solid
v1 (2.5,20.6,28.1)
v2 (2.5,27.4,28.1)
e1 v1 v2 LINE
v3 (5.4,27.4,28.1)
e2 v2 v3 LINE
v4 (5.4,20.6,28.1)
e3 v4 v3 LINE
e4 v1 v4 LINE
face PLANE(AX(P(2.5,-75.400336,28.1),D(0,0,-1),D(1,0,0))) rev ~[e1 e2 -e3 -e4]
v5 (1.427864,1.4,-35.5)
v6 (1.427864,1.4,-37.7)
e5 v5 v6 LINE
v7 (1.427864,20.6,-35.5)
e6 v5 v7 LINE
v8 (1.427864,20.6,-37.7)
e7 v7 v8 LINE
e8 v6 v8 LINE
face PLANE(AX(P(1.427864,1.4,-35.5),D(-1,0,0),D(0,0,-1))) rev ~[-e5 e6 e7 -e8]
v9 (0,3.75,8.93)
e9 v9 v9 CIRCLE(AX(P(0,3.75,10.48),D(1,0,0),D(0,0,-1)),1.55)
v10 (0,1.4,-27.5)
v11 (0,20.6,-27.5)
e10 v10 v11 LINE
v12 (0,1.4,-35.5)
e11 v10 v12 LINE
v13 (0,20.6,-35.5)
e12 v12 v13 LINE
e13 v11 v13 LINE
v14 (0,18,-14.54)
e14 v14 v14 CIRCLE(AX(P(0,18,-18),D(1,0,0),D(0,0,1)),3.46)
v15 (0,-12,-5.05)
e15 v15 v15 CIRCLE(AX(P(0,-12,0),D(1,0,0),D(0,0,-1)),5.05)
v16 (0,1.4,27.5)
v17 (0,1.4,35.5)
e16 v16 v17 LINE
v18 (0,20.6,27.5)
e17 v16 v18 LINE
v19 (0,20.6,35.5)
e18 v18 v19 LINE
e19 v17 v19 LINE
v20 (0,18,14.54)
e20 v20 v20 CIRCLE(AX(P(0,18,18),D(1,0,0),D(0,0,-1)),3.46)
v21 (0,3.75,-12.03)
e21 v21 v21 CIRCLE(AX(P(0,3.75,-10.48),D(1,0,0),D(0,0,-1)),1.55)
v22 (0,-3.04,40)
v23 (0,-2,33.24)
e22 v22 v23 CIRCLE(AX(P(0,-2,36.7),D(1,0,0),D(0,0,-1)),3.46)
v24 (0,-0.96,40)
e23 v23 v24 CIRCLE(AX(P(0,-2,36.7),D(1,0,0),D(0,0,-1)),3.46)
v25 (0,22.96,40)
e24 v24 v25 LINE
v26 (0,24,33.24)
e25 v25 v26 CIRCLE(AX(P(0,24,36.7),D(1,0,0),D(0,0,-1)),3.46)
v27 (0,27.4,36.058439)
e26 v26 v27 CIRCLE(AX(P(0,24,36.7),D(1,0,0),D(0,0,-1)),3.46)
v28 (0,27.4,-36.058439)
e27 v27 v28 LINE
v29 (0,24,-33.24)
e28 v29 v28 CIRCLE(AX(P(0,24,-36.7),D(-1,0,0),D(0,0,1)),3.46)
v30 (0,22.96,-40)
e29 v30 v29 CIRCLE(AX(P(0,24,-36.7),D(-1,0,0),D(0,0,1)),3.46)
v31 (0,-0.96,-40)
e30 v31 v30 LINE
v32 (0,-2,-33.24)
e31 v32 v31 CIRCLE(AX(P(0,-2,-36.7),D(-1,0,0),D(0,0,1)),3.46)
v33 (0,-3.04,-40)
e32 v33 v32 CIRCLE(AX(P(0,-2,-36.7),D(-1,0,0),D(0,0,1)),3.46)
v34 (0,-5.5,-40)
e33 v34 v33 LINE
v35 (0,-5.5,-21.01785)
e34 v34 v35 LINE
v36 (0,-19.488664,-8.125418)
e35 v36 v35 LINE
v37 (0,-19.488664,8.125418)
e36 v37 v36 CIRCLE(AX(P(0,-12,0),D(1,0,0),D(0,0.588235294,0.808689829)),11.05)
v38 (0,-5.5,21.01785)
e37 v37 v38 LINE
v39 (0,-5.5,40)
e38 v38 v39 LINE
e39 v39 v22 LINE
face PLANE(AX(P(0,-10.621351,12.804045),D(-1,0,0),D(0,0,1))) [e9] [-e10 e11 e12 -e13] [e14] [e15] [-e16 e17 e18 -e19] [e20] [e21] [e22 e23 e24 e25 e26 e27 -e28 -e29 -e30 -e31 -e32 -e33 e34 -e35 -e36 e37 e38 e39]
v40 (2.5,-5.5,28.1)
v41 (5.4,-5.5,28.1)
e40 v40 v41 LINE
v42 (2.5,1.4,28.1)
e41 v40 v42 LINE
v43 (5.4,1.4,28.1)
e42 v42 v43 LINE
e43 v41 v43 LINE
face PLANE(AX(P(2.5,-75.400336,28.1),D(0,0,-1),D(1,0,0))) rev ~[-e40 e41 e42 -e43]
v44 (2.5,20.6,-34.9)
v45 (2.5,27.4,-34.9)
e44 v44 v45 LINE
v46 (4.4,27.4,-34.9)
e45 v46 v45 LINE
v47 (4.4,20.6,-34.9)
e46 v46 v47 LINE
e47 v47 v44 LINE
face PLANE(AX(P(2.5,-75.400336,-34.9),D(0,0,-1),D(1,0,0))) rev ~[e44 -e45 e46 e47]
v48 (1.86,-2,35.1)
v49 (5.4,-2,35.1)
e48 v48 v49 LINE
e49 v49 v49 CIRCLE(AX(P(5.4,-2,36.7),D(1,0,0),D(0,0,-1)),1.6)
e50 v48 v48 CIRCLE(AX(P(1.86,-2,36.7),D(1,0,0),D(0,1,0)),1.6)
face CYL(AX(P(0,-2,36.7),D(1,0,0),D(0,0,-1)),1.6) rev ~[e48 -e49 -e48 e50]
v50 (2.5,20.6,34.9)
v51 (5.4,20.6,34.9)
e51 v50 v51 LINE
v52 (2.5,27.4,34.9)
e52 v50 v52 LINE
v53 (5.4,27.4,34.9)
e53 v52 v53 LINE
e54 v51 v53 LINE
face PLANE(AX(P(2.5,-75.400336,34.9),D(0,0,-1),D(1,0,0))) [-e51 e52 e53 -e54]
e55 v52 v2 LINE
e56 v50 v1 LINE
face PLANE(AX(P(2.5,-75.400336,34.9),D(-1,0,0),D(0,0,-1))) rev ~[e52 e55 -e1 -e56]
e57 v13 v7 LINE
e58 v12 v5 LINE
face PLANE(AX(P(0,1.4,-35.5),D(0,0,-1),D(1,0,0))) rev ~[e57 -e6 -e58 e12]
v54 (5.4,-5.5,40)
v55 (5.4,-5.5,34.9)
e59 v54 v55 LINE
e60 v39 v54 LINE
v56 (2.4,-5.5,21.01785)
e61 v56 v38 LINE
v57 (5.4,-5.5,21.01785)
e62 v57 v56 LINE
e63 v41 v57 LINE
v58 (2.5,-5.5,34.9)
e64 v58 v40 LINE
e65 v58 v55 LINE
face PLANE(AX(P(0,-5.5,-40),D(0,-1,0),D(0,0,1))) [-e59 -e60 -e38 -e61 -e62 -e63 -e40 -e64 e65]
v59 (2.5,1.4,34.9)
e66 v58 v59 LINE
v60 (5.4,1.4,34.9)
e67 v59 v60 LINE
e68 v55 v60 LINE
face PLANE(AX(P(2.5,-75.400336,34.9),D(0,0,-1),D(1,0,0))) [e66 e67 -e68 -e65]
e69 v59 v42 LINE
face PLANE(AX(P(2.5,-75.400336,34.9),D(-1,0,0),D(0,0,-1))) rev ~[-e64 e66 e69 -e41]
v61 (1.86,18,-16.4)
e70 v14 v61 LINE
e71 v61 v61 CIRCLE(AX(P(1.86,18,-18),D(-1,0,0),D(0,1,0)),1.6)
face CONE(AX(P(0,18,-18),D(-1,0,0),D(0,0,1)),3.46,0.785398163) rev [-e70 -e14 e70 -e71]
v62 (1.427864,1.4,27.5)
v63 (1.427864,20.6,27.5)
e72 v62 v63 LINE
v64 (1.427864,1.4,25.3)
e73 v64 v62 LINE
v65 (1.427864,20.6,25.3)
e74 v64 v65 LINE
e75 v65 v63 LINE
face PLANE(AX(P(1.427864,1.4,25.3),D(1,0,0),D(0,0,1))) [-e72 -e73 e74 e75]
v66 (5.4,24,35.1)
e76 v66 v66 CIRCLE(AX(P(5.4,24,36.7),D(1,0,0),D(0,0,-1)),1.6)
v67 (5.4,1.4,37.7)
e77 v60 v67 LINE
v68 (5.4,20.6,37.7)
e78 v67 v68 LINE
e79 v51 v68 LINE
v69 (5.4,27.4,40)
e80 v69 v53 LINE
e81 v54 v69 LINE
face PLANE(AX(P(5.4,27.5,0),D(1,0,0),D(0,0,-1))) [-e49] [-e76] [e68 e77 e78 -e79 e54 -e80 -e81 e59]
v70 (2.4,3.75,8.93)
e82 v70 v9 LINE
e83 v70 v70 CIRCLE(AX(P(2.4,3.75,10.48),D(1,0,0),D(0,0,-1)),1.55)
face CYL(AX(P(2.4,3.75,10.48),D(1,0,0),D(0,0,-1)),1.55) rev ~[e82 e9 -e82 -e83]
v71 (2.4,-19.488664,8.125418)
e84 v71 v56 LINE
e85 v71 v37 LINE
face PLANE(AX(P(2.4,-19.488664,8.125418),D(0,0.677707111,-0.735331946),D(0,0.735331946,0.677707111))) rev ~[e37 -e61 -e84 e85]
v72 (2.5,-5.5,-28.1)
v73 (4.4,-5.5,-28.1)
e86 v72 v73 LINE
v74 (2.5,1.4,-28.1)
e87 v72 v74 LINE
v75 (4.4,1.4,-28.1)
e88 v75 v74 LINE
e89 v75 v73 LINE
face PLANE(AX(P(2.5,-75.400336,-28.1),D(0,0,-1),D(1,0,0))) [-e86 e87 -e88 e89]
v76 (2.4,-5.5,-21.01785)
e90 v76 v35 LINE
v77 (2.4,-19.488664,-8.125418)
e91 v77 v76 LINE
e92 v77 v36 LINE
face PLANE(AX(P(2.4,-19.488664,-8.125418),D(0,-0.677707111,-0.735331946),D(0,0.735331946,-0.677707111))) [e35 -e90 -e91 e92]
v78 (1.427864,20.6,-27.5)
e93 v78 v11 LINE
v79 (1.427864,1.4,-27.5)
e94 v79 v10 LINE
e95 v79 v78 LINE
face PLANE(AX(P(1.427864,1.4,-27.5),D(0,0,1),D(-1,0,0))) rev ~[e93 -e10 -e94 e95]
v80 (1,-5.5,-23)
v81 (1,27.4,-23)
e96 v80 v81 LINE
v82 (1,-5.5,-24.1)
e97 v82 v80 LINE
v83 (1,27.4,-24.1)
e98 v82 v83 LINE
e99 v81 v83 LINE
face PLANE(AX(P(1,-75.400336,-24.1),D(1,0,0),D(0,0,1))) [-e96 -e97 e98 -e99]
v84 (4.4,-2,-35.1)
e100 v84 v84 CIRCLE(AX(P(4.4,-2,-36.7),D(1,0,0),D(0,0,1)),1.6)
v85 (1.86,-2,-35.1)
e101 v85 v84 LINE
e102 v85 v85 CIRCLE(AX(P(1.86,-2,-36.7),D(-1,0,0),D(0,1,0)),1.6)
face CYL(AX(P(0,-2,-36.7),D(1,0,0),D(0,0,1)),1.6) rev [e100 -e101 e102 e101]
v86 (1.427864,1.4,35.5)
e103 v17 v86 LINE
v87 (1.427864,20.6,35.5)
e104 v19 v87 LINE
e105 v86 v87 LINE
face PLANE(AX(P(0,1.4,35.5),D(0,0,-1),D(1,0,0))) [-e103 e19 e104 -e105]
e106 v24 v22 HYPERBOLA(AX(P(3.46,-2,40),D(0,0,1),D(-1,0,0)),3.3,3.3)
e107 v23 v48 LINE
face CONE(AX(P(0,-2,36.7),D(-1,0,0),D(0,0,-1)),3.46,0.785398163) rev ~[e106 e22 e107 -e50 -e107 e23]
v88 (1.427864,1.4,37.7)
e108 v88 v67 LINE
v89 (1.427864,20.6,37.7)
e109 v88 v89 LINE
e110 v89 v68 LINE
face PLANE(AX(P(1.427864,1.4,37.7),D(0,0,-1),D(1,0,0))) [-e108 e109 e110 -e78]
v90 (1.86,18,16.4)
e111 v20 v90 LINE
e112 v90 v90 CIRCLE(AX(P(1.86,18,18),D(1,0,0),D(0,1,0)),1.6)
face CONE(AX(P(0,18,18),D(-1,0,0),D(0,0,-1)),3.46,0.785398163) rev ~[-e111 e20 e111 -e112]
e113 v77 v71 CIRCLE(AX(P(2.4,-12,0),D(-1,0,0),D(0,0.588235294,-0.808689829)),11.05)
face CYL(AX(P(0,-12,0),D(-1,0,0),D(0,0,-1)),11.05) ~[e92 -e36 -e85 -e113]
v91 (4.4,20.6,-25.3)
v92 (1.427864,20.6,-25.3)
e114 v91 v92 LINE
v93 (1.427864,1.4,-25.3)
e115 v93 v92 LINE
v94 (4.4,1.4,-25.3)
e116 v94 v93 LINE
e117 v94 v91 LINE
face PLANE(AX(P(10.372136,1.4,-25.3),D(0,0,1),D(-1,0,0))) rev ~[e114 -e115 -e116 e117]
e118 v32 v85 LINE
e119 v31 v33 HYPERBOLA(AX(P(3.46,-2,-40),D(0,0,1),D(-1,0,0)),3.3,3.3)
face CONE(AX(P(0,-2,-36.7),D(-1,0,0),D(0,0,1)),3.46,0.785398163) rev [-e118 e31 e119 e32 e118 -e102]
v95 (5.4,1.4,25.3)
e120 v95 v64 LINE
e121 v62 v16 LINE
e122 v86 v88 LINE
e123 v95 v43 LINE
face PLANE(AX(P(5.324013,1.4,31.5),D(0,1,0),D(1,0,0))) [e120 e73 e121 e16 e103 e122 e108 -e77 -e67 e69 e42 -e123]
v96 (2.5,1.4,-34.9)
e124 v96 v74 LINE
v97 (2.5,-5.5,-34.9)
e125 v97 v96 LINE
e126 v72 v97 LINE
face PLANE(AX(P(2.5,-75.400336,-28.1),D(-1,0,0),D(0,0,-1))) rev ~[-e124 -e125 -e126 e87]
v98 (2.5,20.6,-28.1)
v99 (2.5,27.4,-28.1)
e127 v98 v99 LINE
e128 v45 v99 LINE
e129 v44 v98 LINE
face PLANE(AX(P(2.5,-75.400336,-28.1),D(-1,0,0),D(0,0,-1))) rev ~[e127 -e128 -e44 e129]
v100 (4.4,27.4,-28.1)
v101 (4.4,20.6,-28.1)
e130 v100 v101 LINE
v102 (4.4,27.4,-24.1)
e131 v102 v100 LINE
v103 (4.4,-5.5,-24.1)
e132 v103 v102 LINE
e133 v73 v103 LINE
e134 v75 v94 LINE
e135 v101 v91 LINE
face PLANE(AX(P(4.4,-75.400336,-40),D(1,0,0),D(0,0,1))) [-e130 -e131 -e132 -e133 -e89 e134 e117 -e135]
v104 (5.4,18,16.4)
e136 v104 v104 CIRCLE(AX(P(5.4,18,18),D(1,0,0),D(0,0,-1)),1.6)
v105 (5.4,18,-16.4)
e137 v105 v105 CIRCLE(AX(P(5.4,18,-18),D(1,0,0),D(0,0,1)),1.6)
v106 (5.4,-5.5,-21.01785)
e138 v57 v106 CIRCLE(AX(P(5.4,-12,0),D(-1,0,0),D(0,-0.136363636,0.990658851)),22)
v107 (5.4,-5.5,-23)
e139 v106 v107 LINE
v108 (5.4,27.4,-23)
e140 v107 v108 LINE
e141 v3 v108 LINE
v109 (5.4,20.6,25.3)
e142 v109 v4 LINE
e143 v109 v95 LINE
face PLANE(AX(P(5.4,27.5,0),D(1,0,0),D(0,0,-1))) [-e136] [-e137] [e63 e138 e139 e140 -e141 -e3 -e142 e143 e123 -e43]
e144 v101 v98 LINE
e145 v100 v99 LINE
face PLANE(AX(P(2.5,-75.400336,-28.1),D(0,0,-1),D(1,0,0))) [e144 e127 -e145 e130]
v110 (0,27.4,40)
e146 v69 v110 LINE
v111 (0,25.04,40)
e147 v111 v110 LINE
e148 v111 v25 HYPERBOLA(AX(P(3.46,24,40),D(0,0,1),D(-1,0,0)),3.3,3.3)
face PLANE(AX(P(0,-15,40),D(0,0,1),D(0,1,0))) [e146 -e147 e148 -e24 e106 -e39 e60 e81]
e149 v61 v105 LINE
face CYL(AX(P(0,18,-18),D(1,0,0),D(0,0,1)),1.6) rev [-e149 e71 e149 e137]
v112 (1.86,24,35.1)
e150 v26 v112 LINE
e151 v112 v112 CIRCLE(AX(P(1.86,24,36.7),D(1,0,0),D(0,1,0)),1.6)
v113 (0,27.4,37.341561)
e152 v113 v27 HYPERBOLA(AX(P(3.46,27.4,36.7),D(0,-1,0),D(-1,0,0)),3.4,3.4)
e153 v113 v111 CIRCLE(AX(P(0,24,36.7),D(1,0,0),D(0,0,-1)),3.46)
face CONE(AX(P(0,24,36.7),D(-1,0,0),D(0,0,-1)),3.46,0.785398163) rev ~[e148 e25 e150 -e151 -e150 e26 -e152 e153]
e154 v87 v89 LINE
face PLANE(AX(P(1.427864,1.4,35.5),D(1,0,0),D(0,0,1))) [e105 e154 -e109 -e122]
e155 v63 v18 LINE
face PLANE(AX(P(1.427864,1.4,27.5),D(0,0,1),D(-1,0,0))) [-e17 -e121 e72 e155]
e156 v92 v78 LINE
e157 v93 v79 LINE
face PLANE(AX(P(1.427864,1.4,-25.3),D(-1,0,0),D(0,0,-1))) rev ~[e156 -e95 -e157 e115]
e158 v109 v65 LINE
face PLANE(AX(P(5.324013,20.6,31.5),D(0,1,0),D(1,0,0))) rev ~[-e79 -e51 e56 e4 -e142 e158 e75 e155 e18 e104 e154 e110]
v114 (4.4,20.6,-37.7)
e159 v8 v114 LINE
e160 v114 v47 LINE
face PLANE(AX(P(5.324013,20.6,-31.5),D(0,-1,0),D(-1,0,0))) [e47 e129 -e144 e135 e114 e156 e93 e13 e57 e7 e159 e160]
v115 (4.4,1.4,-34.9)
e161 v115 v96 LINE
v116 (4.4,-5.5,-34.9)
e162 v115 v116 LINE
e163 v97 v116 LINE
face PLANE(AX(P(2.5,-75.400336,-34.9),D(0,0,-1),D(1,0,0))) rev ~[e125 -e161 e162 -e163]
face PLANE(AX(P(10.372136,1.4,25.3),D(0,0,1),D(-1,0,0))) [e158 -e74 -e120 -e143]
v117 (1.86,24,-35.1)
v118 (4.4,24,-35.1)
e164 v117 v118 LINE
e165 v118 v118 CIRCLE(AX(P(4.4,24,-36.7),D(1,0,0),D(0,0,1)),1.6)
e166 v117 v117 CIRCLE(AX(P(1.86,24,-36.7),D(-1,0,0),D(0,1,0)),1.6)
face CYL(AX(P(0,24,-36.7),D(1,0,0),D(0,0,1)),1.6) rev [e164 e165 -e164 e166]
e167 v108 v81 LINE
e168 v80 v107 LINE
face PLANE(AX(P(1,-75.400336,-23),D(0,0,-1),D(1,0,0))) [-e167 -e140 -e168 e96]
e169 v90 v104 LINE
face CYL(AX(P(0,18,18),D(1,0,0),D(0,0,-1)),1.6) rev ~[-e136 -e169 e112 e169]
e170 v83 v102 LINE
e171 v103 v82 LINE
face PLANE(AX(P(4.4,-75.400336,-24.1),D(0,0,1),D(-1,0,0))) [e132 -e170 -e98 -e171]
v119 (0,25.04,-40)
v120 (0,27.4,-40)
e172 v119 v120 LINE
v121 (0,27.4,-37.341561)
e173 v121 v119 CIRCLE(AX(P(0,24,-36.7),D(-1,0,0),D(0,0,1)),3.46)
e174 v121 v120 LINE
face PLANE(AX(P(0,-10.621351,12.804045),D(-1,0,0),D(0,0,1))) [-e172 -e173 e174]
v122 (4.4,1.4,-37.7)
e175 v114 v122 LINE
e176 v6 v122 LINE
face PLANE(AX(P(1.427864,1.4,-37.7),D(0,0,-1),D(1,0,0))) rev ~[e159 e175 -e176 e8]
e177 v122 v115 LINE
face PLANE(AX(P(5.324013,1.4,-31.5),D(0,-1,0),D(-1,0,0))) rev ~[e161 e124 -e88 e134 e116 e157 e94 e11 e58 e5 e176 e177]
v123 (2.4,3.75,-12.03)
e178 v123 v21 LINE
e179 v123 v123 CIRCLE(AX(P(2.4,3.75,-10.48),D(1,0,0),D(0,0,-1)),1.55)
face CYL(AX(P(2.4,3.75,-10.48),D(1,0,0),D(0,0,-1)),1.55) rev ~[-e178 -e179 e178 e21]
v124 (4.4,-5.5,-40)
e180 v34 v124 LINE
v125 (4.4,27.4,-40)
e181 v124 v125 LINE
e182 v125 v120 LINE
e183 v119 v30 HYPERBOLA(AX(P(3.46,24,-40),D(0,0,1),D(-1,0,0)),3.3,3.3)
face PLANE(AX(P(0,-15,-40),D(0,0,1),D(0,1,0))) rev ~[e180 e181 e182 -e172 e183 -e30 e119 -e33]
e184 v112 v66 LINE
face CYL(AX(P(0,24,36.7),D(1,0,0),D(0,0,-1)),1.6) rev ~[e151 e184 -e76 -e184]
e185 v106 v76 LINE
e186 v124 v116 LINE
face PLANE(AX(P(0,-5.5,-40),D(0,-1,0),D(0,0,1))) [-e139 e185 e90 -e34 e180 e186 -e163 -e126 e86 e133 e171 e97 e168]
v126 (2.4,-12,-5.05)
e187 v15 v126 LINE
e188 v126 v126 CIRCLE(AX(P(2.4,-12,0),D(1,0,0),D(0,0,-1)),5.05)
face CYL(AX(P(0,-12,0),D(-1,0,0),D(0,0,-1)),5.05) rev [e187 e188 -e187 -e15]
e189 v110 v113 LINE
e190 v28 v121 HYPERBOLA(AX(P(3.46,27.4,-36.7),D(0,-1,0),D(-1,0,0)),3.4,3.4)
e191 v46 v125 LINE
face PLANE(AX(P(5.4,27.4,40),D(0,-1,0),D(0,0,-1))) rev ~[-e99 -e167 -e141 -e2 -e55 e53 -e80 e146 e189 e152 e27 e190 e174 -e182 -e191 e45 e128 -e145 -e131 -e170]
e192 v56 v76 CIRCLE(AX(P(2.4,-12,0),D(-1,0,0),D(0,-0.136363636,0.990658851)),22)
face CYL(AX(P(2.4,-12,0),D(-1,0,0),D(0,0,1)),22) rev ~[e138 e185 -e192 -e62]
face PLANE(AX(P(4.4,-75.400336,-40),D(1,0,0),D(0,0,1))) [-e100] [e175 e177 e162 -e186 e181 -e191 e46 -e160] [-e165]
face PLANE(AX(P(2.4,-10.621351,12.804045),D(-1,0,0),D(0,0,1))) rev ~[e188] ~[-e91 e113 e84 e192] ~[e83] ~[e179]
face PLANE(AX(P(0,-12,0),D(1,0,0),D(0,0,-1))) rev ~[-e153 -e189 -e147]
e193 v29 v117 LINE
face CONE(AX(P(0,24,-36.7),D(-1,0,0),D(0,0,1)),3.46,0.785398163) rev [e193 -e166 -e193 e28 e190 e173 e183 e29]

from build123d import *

# Parameters (mm, degrees)
ESQUISSE2_W                                       = 80
ESQUISSE2_H                                       = 85
PLAQUE_DEPTH                                      = 5.4
ESQUISSE15_R                                      = 22
D_GAGEMENT_ROUE_DEPTH                             = 81.678373806
D_COUPE_INF_RIEURE_DEPTH                          = 81.803217758
ESQUISSE14_R                                      = 11.05
ESQUISSE14_R_2                                    = 5.05
RENFORT_ROULEMENT_DEPTH                           = 2.4
D_COUPE_SUP_RIEURE_DEPTH                          = 81.803217758
D_GAGEMENT_AXE_6_DEPTH                            = 75.400336021
D_GAGEMENT_AXE_6_DEPTH_BACK                       = 75.400336021
ESQUISSE26_W                                      = 6.8
ESQUISSE26_H                                      = 6.8
D_GAGEMENT_START                                  = 1.4
D_GAGEMENT_DOUILLE_DEPTH                          = 19.2
R_P_TITION_LIN_AIRE1_COUNT                        = 2
R_P_TITION_LIN_AIRE1_PITCH                        = 26
MORS_D_FORMABLE_DOUILLE_DEPTH                     = 75.400336021
MORS_D_FORMABLE_DOUILLE_DEPTH_BACK                = 75.400336021
FRAISAGE_POUR_VIS_T_TE_FRAIS_E_BOMB_E_D           = 3.2
FRAISAGE_POUR_VIS_T_TE_FRAIS_E_BOMB_E_CSINK_D     = 6.92
FRAISAGE_POUR_VIS_T_TE_FRAIS_E_BOMB_E_CSINK_ANGLE = 90
ESQUISSE31_W                                      = 80
ESQUISSE31_H                                      = 35.1
ENL_V_MAT_EXTRU_1_DEPTH                           = 5.4
BOSS_EXTRU_1_DEPTH                                = 2.4
ESQUISSE34_R                                      = 1.55
ENL_V_MAT_EXTRU_2_DEPTH                           = 10


with BuildPart() as part:
    # Esquisse2 → plaque (new body)
    with BuildSketch(Plane(origin=(0, 0, 0), x_dir=(0, 0, -1), z_dir=(1, 0, 0))):
        with Locations((0, 27.5)):
            Rectangle(ESQUISSE2_W, ESQUISSE2_H)
    extrude(amount=PLAQUE_DEPTH)

    # Esquisse15 → dégagement roue (cut, through all)
    with BuildSketch(Plane.ZY.offset(-2.4)):
        with Locations((0, -12)):
            Circle(ESQUISSE15_R)
    extrude(amount=-D_GAGEMENT_ROUE_DEPTH, mode=Mode.SUBTRACT)

    # Esquisse18 → découpe_inférieure (cut, through all)
    with BuildSketch(Plane(origin=(0, 0, 0), x_dir=(0, 0, -1), z_dir=(1, 0, 0))):
        Polygon((-7.446869682, -5.5), (-40, -5.5), (-40, -15), (40, -15), (40, -5.5), (7.446869682, -5.5), align=None)
    extrude(amount=D_COUPE_INF_RIEURE_DEPTH, mode=Mode.SUBTRACT)

    # Esquisse14 → renfort_roulement (add)
    with BuildSketch(Plane(origin=(0, 0, 0), x_dir=(0, 0, -1), z_dir=(1, 0, 0))):
        with Locations((0, -12)):
            Circle(ESQUISSE14_R)
        with Locations((0, -12)):
            Circle(ESQUISSE14_R_2, mode=Mode.SUBTRACT)
    extrude(amount=RENFORT_ROULEMENT_DEPTH)

    # Esquisse20 → découpe_supérieure (cut, through all)
    with BuildSketch(Plane(origin=(0, 0, 0), x_dir=(0, 0, -1), z_dir=(1, 0, 0))):
        with BuildLine():
            Line((-40, 70), (40, 70))
            Line((40, 70), (40, 62.5))
            Line((40, 62.5), (26, 62.5))
            ThreePointArc((26, 62.5), (22.956192855, 61.466766701), (21.170370869, 58.794095226))
            Line((21.170370869, 58.794095226), (15.559208556, 37.852952387))
            ThreePointArc((15.559208556, 37.852952387), (14.666297563, 36.516616649), (13.144393991, 36))
            Line((13.144393991, 36), (-13.144393991, 36))
            ThreePointArc((-13.144393991, 36), (-14.666297563, 36.516616649), (-15.559208556, 37.852952387))
            Line((-15.559208556, 37.852952387), (-21.170370869, 58.794095226))
            ThreePointArc((-21.170370869, 58.794095226), (-22.956192855, 61.466766701), (-26, 62.5))
            Line((-26, 62.5), (-40, 62.5))
            Line((-40, 62.5), (-40, 70))
        make_face()
    extrude(amount=D_COUPE_SUP_RIEURE_DEPTH, mode=Mode.SUBTRACT)

    # Esquisse26 → dégagement axe 6 (cut, two sides: drawn at the far end of the back side and taken through both)
    with BuildSketch(Plane(origin=(0, 0, 0), x_dir=(1, 0, 0), z_dir=(0, 1, 0)).offset(-D_GAGEMENT_AXE_6_DEPTH_BACK)):
        with Locations((5.9, 31.5)):
            Rectangle(ESQUISSE26_W, ESQUISSE26_H)
        with Locations((5.9, -31.5)):
            Rectangle(ESQUISSE26_W, ESQUISSE26_H)
    extrude(amount=D_GAGEMENT_AXE_6_DEPTH + D_GAGEMENT_AXE_6_DEPTH_BACK, mode=Mode.SUBTRACT)

    # Esquisse28 → dégagement douille (cut)
    with BuildSketch(Plane(origin=(0, 0, 0), x_dir=(1, 0, 0), z_dir=(0, 1, 0)).offset(D_GAGEMENT_START)):
        Polygon((0, 35.5), (1.427864045, 35.5), (1.427864045, 37.7), (10.372135955, 37.7), (10.372135955, 25.3), (1.427864045, 25.3), (1.427864045, 27.5), (0, 27.5), align=None)
        Polygon((10.372135955, -25.3), (1.427864045, -25.3), (1.427864045, -27.5), (0, -27.5), (0, -35.5), (1.427864045, -35.5), (1.427864045, -37.7), (10.372135955, -37.7), align=None)
    d_gagement_douille = extrude(amount=D_GAGEMENT_DOUILLE_DEPTH, mode=Mode.SUBTRACT)

    # Répétition linéaire1: dégagement douille ×2
    with Locations(*[(0, i * R_P_TITION_LIN_AIRE1_PITCH, 0) for i in range(1, R_P_TITION_LIN_AIRE1_COUNT)]):
        add(d_gagement_douille, mode=Mode.SUBTRACT)

    # Esquisse19 → Mors_déformable_douille (cut, two sides: drawn at the far end of the back side and taken through both)
    with BuildSketch(Plane(origin=(0, 0, 0), x_dir=(1, 0, 0), z_dir=(0, 1, 0)).offset(-MORS_D_FORMABLE_DOUILLE_DEPTH_BACK)):
        Polygon((5.4, 40), (4.4, 40), (4.4, 24.1), (1, 24.1), (1, 23), (5.4, 23), align=None)
    extrude(amount=MORS_D_FORMABLE_DOUILLE_DEPTH + MORS_D_FORMABLE_DOUILLE_DEPTH_BACK, mode=Mode.SUBTRACT)

    # Fraisage pour vis à tête fraisée bombée fendue M31 (through all)
    with Locations(Plane.ZY):
        with Locations((18, 18), (36.7, 24), (36.7, -2), (21, 34)):
            fraisage_pour_vis_t_te_frais_e_bomb_e = CounterSinkHole(FRAISAGE_POUR_VIS_T_TE_FRAIS_E_BOMB_E_D / 2, FRAISAGE_POUR_VIS_T_TE_FRAIS_E_BOMB_E_CSINK_D / 2, counter_sink_angle=FRAISAGE_POUR_VIS_T_TE_FRAIS_E_BOMB_E_CSINK_ANGLE)

    # Esquisse31 → Enlèv. mat.-Extru.1 (cut)
    with BuildSketch(Plane(origin=(5.4, 0, 0), x_dir=(0, 0, -1), z_dir=(1, 0, 0))):
        with Locations((0, 44.95)):
            Rectangle(ESQUISSE31_W, ESQUISSE31_H)
    extrude(amount=-ENL_V_MAT_EXTRU_1_DEPTH, mode=Mode.SUBTRACT)

    # Esquisse33 → Boss.-Extru.1 (add)
    with BuildSketch(Plane(origin=(2.4, 0, 0), x_dir=(0, 0, -1), z_dir=(1, 0, 0))):
        Polygon((-8.125418007, -19.488663579), (-21.017849557, -5.5), (-8.936022605, -5.5), align=None)
        Polygon((8.125418007, -19.488663579), (21.017849557, -5.5), (8.936022605, -5.5), align=None)
    extrude(amount=-BOSS_EXTRU_1_DEPTH)

    # Symétrie4: Fraisage pour vis à tête fraisée bombée fendue M31 across plane
    add(fraisage_pour_vis_t_te_frais_e_bomb_e.mirror(Plane.XY), mode=Mode.SUBTRACT)

    # Esquisse34 → Enlèv. mat.-Extru.2 (cut)
    with BuildSketch(Plane(origin=(2.4, 0, 0), x_dir=(0, 0, -1), z_dir=(1, 0, 0))):
        with Locations((-10.48, 3.75)):
            Circle(ESQUISSE34_R)
        with Locations((10.48, 3.75)):
            Circle(ESQUISSE34_R)
    extrude(amount=-ENL_V_MAT_EXTRU_2_DEPTH, mode=Mode.SUBTRACT)


solid = part.part
